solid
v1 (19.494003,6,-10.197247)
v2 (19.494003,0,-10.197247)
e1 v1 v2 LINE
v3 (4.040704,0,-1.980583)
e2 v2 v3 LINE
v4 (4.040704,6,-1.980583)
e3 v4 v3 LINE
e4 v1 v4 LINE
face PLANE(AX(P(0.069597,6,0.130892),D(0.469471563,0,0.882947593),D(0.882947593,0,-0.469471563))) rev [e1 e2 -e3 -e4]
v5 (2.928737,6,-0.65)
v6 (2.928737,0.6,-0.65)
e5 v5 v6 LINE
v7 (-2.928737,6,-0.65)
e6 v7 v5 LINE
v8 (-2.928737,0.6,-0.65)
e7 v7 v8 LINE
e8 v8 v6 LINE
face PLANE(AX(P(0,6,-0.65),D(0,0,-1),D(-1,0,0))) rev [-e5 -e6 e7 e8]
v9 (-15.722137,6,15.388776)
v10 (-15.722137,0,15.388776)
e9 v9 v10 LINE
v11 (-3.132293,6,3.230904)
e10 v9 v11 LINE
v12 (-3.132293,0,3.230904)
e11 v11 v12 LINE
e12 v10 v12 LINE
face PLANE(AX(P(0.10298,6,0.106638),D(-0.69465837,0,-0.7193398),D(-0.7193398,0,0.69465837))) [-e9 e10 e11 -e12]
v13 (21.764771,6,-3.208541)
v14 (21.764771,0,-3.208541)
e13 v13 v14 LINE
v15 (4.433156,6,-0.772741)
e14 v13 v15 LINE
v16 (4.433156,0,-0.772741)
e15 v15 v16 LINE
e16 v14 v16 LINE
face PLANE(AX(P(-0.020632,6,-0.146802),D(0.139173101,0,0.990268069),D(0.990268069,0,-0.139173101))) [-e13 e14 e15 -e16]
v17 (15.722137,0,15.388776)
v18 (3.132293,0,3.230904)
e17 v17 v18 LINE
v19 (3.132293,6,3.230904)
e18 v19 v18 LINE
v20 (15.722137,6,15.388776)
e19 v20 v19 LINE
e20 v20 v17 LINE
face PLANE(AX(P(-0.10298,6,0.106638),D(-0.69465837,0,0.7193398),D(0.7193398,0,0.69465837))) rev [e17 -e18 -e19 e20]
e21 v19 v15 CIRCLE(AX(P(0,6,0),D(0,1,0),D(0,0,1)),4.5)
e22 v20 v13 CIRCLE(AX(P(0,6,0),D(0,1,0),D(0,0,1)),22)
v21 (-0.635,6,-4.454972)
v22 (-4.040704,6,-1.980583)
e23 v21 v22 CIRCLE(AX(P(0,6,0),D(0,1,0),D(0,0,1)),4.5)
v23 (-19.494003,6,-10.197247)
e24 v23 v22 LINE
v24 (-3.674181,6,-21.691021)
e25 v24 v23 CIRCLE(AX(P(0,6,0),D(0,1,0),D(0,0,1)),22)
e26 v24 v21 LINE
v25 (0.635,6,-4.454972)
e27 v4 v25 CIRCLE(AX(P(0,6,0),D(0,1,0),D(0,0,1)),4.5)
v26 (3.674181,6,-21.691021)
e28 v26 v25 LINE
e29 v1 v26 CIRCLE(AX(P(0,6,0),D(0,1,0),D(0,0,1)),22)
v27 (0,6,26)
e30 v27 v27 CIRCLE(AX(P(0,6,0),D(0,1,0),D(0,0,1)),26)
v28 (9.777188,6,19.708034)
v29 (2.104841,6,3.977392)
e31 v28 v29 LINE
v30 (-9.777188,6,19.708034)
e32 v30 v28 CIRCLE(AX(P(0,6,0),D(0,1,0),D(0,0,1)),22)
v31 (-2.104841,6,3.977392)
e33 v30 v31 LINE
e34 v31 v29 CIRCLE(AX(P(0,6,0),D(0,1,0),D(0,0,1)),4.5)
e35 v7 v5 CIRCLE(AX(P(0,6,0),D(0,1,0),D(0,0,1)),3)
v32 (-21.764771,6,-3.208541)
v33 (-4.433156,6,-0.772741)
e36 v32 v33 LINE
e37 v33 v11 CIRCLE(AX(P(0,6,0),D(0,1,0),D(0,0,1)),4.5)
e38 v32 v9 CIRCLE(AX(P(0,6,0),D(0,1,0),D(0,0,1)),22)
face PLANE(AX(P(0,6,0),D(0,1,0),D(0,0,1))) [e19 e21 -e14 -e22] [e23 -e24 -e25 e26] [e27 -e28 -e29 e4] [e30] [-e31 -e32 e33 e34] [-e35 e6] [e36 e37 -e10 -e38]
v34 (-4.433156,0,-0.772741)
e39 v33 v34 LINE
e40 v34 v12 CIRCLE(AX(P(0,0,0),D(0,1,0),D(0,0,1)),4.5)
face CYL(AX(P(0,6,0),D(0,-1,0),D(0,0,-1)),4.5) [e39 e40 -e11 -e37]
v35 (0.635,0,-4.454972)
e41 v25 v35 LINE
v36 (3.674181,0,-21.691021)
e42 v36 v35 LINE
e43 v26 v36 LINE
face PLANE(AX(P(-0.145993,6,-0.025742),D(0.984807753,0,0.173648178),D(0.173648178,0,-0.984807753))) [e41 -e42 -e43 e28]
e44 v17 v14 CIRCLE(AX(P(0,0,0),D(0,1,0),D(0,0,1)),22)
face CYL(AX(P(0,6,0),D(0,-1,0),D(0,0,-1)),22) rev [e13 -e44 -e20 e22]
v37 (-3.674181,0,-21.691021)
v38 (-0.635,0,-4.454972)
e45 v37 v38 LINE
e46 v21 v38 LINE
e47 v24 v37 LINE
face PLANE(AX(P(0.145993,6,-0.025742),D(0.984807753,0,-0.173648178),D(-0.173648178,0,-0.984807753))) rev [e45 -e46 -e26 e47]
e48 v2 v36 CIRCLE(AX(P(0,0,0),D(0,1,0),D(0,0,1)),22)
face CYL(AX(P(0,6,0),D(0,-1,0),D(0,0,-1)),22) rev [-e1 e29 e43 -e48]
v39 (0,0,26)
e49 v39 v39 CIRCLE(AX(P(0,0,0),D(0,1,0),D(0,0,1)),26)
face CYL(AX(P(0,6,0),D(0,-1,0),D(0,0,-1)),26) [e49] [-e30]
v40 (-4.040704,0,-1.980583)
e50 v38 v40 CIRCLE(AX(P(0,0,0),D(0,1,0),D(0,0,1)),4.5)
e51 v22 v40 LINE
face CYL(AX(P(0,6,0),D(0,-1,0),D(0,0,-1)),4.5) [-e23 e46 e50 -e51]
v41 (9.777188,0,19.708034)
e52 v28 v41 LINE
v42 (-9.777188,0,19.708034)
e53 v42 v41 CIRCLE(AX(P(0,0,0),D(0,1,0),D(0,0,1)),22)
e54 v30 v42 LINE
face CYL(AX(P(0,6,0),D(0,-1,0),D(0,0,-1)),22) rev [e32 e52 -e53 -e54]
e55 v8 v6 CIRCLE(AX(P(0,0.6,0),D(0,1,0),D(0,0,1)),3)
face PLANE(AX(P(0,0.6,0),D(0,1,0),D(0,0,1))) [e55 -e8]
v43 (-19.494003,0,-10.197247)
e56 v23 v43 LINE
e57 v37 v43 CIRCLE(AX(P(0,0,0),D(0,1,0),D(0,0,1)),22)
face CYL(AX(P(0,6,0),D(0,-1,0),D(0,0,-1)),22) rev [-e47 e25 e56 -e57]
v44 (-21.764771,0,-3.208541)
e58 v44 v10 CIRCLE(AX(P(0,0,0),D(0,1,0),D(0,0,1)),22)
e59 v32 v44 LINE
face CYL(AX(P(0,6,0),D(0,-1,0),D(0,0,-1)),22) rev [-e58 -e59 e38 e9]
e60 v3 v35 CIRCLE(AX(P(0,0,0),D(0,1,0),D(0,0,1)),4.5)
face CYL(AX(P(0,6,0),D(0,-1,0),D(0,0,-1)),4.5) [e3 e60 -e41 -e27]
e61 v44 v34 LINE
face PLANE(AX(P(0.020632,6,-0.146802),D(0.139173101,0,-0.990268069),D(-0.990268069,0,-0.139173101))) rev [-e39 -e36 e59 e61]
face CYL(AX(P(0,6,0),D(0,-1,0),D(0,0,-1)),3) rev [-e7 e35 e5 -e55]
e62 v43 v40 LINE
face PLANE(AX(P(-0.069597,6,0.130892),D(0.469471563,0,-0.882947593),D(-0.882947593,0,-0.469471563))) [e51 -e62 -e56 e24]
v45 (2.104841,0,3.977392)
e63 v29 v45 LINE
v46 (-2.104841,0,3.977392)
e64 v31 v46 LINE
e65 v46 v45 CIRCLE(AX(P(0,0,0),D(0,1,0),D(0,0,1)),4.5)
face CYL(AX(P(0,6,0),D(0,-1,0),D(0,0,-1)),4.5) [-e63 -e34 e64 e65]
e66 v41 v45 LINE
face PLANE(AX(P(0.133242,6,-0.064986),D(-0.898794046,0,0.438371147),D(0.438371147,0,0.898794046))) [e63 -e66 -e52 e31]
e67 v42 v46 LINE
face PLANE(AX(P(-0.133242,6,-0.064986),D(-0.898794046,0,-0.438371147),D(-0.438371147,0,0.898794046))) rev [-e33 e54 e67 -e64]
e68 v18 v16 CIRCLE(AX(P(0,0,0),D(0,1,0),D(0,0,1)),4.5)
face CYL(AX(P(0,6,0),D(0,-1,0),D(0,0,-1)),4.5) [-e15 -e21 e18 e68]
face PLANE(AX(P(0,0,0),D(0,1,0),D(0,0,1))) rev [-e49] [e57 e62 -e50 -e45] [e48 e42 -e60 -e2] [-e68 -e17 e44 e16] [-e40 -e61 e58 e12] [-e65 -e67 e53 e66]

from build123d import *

# Parameters (mm, degrees)
SKETCH1_R           = 26
BOSS_EXTRUDE1_DEPTH = 6
SKETCH1_4_R         = 3
BOSS_EXTRUDE2_DEPTH = 0.6


with BuildPart() as part:
    # Sketch1 → Boss-Extrude1 (new body)
    with BuildSketch(Plane(origin=(0, 0, 0), x_dir=(1, 0, 0), z_dir=(0, 1, 0))):
        Circle(SKETCH1_R)
        with BuildLine():
            Line((-2.928736929, 0.65), (2.928736929, 0.65))
            ThreePointArc((2.928736929, 0.65), (0, -3), (-2.928736929, 0.65))
        make_face(mode=Mode.SUBTRACT)
        with BuildLine():
            ThreePointArc((4.040704303, 1.980582927), (2.645033635, 3.640576475), (0.635, 4.454971942))
            Line((0.635, 4.454971942), (3.674180512, 21.691021128))
            ThreePointArc((3.674180512, 21.691021128), (12.93127555, 17.798373876), (19.49400277, 10.197247472))
            Line((19.49400277, 10.197247472), (4.040704303, 1.980582927))
        make_face(mode=Mode.SUBTRACT)
        with BuildLine():
            Line((4.433155886, 0.772741152), (21.764771207, 3.208540836))
            ThreePointArc((21.764771207, 3.208540836), (20.923243358, -6.798373876), (15.722136801, -15.388775598))
            Line((15.722136801, -15.388775598), (3.132292598, -3.230904375))
            ThreePointArc((3.132292598, -3.230904375), (4.279754323, -1.390576475), (4.433155886, 0.772741152))
        make_face(mode=Mode.SUBTRACT)
        with BuildLine():
            ThreePointArc((-2.104841015, -3.977391645), (0, -4.5), (2.104841015, -3.977391645))
            Line((2.104841015, -3.977391645), (9.777187851, -19.708033837))
            ThreePointArc((9.777187851, -19.708033837), (0, -22), (-9.777187851, -19.708033837))
            Line((-9.777187851, -19.708033837), (-2.104841015, -3.977391645))
        make_face(mode=Mode.SUBTRACT)
        with BuildLine():
            ThreePointArc((-4.433155886, 0.772741152), (-4.279754323, -1.390576475), (-3.132292598, -3.230904375))
            Line((-3.132292598, -3.230904375), (-15.722136801, -15.388775598))
            ThreePointArc((-15.722136801, -15.388775598), (-20.923243358, -6.798373876), (-21.764771207, 3.208540836))
            Line((-21.764771207, 3.208540836), (-4.433155886, 0.772741152))
        make_face(mode=Mode.SUBTRACT)
        with BuildLine():
            ThreePointArc((-0.635, 4.454971942), (-2.645033635, 3.640576475), (-4.040704303, 1.980582927))
            Line((-4.040704303, 1.980582927), (-19.49400277, 10.197247472))
            ThreePointArc((-19.49400277, 10.197247472), (-12.93127555, 17.798373876), (-3.674180512, 21.691021128))
            Line((-3.674180512, 21.691021128), (-0.635, 4.454971942))
        make_face(mode=Mode.SUBTRACT)
    extrude(amount=BOSS_EXTRUDE1_DEPTH)

    # Sketch1<4> → Boss-Extrude2 (add)
    with BuildSketch(Plane(origin=(0, 0, 0), x_dir=(1, 0, 0), z_dir=(0, 1, 0))):
        Circle(SKETCH1_4_R)
    extrude(amount=BOSS_EXTRUDE2_DEPTH)


solid = part.part
